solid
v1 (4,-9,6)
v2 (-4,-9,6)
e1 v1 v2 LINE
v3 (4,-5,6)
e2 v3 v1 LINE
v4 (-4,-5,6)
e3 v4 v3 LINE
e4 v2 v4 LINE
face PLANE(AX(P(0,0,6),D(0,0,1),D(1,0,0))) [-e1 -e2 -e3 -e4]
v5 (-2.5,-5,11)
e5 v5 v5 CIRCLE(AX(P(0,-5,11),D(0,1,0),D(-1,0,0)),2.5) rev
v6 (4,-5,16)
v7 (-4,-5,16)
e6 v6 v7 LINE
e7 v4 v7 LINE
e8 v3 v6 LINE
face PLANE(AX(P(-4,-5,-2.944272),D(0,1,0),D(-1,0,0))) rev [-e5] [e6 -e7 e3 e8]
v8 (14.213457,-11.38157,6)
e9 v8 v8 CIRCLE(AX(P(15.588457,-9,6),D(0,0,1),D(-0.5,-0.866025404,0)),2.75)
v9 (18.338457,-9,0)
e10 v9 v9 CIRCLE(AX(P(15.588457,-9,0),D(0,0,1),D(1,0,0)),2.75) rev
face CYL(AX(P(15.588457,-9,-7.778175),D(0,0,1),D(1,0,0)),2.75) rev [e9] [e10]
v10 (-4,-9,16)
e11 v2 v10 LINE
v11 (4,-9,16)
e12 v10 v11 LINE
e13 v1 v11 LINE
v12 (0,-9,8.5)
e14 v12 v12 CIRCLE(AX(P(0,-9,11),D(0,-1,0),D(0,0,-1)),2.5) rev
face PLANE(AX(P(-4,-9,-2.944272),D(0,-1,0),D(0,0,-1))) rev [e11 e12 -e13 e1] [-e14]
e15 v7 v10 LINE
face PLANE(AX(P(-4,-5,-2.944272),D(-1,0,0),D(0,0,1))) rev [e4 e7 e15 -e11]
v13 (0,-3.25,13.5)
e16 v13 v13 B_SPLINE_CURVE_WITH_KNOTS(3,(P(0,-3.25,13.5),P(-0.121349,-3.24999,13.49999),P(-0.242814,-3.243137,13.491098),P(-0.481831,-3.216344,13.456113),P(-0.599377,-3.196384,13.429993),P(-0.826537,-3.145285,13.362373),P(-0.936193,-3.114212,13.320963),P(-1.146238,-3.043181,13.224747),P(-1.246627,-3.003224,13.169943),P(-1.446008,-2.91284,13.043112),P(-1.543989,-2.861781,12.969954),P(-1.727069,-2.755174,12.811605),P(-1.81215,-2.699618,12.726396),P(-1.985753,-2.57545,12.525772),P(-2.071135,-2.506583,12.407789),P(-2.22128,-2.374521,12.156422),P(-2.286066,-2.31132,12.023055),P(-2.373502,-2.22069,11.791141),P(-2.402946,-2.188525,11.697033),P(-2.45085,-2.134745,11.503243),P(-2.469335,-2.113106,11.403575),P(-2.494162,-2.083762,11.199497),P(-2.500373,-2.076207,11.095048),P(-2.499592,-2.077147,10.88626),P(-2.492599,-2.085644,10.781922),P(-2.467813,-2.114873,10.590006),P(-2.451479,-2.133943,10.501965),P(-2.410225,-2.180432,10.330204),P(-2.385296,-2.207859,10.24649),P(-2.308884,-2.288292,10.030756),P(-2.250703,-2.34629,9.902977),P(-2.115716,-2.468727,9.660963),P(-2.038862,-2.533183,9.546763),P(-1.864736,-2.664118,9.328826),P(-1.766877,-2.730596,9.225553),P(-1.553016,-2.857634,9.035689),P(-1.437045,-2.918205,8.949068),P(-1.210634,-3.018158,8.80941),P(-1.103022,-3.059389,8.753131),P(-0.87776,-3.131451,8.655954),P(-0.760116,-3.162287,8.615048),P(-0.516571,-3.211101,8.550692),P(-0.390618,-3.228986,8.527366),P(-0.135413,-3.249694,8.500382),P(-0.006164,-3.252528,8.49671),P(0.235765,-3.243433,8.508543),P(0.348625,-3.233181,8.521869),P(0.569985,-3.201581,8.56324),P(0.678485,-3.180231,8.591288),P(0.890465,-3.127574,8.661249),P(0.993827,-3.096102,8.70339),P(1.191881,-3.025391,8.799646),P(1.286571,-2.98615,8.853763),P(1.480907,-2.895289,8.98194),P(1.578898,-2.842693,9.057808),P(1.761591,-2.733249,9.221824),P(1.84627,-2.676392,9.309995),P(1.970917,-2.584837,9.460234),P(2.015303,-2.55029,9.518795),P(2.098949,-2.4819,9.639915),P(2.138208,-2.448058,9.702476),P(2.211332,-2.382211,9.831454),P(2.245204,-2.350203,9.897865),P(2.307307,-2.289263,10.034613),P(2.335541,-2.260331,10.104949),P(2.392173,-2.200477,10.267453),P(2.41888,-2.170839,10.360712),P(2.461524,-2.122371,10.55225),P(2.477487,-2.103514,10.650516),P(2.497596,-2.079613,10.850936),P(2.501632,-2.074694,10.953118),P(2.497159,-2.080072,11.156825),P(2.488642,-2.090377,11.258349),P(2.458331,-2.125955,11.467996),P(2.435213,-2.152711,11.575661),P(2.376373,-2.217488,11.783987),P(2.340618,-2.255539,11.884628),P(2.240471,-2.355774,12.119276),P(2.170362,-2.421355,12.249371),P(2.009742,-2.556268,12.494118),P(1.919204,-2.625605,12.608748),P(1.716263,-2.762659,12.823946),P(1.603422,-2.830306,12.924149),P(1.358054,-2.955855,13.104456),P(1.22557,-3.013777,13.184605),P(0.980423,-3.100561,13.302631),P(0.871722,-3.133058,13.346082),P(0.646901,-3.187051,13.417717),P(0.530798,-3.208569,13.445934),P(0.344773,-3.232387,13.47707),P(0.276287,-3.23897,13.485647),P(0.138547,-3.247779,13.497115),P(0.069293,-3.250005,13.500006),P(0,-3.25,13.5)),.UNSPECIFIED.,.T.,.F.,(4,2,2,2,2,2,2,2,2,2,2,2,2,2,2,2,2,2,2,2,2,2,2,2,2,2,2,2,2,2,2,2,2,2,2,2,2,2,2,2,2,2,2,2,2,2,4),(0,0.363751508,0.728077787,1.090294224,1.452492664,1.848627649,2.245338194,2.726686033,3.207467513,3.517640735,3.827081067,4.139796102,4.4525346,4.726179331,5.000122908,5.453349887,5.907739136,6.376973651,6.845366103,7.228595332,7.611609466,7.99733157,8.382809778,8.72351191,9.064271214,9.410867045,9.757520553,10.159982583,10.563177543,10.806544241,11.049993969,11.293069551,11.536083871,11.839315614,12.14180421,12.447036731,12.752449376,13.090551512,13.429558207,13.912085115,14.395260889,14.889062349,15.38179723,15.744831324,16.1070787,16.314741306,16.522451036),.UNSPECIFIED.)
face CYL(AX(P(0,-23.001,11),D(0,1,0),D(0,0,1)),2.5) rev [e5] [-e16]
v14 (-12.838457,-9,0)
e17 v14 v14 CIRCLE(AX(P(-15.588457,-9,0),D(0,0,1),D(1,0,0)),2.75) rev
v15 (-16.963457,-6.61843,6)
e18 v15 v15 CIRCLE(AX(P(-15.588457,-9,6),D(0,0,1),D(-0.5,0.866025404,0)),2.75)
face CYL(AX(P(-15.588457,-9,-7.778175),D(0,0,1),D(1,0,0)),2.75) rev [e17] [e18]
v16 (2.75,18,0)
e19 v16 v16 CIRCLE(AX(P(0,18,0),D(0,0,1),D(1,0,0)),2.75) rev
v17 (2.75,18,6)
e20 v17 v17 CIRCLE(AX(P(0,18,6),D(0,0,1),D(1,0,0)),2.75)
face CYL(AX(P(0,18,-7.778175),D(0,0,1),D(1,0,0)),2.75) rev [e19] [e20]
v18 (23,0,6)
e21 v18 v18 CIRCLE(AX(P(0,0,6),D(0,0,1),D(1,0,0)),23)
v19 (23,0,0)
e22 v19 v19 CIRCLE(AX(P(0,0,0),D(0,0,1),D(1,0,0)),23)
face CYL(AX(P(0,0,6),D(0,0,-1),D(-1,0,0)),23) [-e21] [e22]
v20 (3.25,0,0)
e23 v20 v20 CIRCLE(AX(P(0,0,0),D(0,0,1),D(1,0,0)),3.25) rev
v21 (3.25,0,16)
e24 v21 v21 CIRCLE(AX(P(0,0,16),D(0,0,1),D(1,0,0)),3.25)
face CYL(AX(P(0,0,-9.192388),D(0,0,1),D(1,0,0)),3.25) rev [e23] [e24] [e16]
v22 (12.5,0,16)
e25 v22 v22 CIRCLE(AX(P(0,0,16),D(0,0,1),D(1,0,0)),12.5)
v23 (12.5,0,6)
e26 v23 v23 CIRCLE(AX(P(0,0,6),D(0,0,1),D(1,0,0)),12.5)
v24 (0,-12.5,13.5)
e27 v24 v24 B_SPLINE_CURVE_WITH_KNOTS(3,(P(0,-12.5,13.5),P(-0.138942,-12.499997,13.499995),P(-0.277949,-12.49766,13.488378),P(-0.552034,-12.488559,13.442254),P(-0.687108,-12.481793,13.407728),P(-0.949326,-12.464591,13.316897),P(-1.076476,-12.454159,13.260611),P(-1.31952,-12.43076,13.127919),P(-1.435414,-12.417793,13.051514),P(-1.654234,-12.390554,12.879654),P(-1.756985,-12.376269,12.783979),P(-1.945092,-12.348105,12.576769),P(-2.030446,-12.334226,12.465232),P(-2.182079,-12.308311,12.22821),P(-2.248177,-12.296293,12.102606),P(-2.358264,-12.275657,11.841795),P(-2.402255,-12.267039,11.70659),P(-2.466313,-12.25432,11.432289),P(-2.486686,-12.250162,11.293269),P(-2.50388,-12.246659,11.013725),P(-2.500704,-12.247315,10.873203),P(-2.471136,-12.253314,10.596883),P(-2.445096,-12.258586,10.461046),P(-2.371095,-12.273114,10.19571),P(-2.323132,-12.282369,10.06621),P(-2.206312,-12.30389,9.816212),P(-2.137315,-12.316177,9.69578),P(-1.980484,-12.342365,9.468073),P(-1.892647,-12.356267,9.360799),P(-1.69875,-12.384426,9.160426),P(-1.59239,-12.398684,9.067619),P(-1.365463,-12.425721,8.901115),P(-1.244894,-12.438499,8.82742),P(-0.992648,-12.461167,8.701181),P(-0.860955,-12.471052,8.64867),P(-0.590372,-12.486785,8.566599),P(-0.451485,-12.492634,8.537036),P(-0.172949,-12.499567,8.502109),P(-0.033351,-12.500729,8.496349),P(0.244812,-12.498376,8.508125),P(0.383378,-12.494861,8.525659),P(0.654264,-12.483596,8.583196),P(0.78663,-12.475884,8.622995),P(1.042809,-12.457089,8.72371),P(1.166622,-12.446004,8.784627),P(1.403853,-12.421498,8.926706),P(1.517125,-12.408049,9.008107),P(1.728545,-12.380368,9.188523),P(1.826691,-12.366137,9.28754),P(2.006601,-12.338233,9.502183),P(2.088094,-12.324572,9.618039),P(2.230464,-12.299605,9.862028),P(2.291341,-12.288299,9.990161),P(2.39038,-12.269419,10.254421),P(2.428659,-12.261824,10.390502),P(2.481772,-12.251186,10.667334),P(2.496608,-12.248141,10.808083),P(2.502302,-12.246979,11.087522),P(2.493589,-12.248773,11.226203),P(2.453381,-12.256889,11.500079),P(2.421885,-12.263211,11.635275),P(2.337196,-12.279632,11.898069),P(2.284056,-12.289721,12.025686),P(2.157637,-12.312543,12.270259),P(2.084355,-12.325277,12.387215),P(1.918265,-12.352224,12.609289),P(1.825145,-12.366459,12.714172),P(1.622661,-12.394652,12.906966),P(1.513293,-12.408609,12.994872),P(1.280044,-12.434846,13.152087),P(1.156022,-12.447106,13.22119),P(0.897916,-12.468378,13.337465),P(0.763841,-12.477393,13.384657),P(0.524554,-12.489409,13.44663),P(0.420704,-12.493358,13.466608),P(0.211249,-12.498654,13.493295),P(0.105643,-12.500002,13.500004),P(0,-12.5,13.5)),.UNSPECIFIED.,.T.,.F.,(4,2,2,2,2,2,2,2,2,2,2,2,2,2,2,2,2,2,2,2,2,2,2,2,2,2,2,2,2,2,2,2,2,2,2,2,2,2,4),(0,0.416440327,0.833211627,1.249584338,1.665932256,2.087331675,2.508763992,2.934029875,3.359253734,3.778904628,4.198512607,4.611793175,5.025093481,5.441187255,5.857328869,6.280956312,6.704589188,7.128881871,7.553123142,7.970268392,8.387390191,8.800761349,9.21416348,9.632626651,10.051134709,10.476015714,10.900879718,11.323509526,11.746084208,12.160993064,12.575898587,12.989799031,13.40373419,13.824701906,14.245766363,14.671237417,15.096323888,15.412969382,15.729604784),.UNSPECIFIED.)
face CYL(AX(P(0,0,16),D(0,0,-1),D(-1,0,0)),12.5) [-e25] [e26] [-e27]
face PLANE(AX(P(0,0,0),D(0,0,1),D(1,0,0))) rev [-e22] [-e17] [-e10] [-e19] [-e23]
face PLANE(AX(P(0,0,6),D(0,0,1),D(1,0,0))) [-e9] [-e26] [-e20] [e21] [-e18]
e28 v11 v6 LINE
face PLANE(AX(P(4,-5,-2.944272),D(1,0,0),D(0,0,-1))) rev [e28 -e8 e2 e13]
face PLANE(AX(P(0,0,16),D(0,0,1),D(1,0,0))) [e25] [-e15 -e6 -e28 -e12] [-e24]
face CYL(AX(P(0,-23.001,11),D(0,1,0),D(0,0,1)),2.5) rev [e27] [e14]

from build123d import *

# Parameters (mm, degrees)
ESQUISSE1_R                  = 23
BOSS_EXTRU_1_DEPTH           = 6
ESQUISSE2_R                  = 12.5
BOSS_EXTRU_2_DEPTH           = 10
ESQUISSE3_R                  = 3.25
ENL_V_MAT_EXTRU_1_DEPTH      = 16
ENL_V_MAT_EXTRU_2_REACH      = 38.249
ENL_V_MAT_EXTRU_2_END_RADIUS = 12.5
ESQUISSE4_R                  = 2.5
ESQUISSE5_R                  = 2.75
ENL_V_MAT_EXTRU_3_DEPTH      = 6
R_P_T_PAR_COURBE1_COUNT      = 3
ENL_V_MAT_EXTRU_4_REACH      = 38.249
ESQUISSE6_W                  = 8
ESQUISSE6_H                  = 4


with BuildPart() as part:
    # Esquisse1 → Boss.-Extru.1 (new body)
    with BuildSketch(Plane.XY):
        Circle(ESQUISSE1_R)
    extrude(amount=BOSS_EXTRU_1_DEPTH)

    # Esquisse2 → Boss.-Extru.2 (add)
    with BuildSketch(Plane.XY.offset(6)):
        Circle(ESQUISSE2_R)
    extrude(amount=BOSS_EXTRU_2_DEPTH)

    # Esquisse3 → Enlèv. mat.-Extru.1 (cut)
    with BuildSketch(Plane.XY.offset(16)):
        Circle(ESQUISSE3_R)
    extrude(amount=-ENL_V_MAT_EXTRU_1_DEPTH, mode=Mode.SUBTRACT)

    # Enlèv. mat.-Extru.2: up to this cylinder (the profile starts inside it)
    enl_v_mat_extru_2_end = Plane(origin=(0, 0, 11), z_dir=(0, 0, -1)) * Cylinder(ENL_V_MAT_EXTRU_2_END_RADIUS, 102.498, mode=Mode.PRIVATE)
    # Esquisse4 → Enlèv. mat.-Extru.2 (cut, up to the surface)
    with BuildSketch(Plane(origin=(0, 0, 0), x_dir=(1, 0, 0), z_dir=(0, 1, 0)), mode=Mode.PRIVATE) as enl_v_mat_extru_2_sk1:
        with Locations(Location((0, -11, 0), (0, 0, 270))):
            Circle(ESQUISSE4_R)
    enl_v_mat_extru_2_tool1 = extrude(enl_v_mat_extru_2_sk1.sketch, amount=-ENL_V_MAT_EXTRU_2_REACH, mode=Mode.PRIVATE) & enl_v_mat_extru_2_end
    add(enl_v_mat_extru_2_tool1.solids().sort_by_distance((0, 0, 11))[0], mode=Mode.SUBTRACT)

    # Esquisse5 → Enlèv. mat.-Extru.3 (cut)
    with BuildSketch(Plane.XY.offset(6)):
        with Locations((0, 18)):
            Circle(ESQUISSE5_R)
    enl_v_mat_extru_3 = extrude(amount=-ENL_V_MAT_EXTRU_3_DEPTH, mode=Mode.SUBTRACT)

    # Répét. par courbe1: Enlèv. mat.-Extru.3 ×3 about axis
    r_p_t_par_courbe1_axis = Axis((0, 0, 6), (0, 0, -1))
    for i in range(1, R_P_T_PAR_COURBE1_COUNT):
        add(enl_v_mat_extru_3.rotate(r_p_t_par_courbe1_axis, i * 360 / R_P_T_PAR_COURBE1_COUNT), mode=Mode.SUBTRACT)

    # Enlèv. mat.-Extru.4: up to this face of the body (flat: up to its plane)
    enl_v_mat_extru_4_end = Plane(part.part.faces().sort_by_distance((-22.349461761, 0, 6))[0])
    # Esquisse6 → Enlèv. mat.-Extru.4 (cut, up to the picked face)
    with BuildSketch(Plane.XY.offset(16), mode=Mode.PRIVATE) as enl_v_mat_extru_4_sk1:
        with Locations((0, -7)):
            Rectangle(ESQUISSE6_W, ESQUISSE6_H)
    enl_v_mat_extru_4_tool1 = split(extrude(enl_v_mat_extru_4_sk1.sketch, amount=-ENL_V_MAT_EXTRU_4_REACH, mode=Mode.PRIVATE), bisect_by=enl_v_mat_extru_4_end, keep=Keep.BOTH, mode=Mode.PRIVATE)
    add(enl_v_mat_extru_4_tool1.solids().sort_by(Axis((0, -7, 16), (0, 0, -1)))[0], mode=Mode.SUBTRACT)


solid = part.part
